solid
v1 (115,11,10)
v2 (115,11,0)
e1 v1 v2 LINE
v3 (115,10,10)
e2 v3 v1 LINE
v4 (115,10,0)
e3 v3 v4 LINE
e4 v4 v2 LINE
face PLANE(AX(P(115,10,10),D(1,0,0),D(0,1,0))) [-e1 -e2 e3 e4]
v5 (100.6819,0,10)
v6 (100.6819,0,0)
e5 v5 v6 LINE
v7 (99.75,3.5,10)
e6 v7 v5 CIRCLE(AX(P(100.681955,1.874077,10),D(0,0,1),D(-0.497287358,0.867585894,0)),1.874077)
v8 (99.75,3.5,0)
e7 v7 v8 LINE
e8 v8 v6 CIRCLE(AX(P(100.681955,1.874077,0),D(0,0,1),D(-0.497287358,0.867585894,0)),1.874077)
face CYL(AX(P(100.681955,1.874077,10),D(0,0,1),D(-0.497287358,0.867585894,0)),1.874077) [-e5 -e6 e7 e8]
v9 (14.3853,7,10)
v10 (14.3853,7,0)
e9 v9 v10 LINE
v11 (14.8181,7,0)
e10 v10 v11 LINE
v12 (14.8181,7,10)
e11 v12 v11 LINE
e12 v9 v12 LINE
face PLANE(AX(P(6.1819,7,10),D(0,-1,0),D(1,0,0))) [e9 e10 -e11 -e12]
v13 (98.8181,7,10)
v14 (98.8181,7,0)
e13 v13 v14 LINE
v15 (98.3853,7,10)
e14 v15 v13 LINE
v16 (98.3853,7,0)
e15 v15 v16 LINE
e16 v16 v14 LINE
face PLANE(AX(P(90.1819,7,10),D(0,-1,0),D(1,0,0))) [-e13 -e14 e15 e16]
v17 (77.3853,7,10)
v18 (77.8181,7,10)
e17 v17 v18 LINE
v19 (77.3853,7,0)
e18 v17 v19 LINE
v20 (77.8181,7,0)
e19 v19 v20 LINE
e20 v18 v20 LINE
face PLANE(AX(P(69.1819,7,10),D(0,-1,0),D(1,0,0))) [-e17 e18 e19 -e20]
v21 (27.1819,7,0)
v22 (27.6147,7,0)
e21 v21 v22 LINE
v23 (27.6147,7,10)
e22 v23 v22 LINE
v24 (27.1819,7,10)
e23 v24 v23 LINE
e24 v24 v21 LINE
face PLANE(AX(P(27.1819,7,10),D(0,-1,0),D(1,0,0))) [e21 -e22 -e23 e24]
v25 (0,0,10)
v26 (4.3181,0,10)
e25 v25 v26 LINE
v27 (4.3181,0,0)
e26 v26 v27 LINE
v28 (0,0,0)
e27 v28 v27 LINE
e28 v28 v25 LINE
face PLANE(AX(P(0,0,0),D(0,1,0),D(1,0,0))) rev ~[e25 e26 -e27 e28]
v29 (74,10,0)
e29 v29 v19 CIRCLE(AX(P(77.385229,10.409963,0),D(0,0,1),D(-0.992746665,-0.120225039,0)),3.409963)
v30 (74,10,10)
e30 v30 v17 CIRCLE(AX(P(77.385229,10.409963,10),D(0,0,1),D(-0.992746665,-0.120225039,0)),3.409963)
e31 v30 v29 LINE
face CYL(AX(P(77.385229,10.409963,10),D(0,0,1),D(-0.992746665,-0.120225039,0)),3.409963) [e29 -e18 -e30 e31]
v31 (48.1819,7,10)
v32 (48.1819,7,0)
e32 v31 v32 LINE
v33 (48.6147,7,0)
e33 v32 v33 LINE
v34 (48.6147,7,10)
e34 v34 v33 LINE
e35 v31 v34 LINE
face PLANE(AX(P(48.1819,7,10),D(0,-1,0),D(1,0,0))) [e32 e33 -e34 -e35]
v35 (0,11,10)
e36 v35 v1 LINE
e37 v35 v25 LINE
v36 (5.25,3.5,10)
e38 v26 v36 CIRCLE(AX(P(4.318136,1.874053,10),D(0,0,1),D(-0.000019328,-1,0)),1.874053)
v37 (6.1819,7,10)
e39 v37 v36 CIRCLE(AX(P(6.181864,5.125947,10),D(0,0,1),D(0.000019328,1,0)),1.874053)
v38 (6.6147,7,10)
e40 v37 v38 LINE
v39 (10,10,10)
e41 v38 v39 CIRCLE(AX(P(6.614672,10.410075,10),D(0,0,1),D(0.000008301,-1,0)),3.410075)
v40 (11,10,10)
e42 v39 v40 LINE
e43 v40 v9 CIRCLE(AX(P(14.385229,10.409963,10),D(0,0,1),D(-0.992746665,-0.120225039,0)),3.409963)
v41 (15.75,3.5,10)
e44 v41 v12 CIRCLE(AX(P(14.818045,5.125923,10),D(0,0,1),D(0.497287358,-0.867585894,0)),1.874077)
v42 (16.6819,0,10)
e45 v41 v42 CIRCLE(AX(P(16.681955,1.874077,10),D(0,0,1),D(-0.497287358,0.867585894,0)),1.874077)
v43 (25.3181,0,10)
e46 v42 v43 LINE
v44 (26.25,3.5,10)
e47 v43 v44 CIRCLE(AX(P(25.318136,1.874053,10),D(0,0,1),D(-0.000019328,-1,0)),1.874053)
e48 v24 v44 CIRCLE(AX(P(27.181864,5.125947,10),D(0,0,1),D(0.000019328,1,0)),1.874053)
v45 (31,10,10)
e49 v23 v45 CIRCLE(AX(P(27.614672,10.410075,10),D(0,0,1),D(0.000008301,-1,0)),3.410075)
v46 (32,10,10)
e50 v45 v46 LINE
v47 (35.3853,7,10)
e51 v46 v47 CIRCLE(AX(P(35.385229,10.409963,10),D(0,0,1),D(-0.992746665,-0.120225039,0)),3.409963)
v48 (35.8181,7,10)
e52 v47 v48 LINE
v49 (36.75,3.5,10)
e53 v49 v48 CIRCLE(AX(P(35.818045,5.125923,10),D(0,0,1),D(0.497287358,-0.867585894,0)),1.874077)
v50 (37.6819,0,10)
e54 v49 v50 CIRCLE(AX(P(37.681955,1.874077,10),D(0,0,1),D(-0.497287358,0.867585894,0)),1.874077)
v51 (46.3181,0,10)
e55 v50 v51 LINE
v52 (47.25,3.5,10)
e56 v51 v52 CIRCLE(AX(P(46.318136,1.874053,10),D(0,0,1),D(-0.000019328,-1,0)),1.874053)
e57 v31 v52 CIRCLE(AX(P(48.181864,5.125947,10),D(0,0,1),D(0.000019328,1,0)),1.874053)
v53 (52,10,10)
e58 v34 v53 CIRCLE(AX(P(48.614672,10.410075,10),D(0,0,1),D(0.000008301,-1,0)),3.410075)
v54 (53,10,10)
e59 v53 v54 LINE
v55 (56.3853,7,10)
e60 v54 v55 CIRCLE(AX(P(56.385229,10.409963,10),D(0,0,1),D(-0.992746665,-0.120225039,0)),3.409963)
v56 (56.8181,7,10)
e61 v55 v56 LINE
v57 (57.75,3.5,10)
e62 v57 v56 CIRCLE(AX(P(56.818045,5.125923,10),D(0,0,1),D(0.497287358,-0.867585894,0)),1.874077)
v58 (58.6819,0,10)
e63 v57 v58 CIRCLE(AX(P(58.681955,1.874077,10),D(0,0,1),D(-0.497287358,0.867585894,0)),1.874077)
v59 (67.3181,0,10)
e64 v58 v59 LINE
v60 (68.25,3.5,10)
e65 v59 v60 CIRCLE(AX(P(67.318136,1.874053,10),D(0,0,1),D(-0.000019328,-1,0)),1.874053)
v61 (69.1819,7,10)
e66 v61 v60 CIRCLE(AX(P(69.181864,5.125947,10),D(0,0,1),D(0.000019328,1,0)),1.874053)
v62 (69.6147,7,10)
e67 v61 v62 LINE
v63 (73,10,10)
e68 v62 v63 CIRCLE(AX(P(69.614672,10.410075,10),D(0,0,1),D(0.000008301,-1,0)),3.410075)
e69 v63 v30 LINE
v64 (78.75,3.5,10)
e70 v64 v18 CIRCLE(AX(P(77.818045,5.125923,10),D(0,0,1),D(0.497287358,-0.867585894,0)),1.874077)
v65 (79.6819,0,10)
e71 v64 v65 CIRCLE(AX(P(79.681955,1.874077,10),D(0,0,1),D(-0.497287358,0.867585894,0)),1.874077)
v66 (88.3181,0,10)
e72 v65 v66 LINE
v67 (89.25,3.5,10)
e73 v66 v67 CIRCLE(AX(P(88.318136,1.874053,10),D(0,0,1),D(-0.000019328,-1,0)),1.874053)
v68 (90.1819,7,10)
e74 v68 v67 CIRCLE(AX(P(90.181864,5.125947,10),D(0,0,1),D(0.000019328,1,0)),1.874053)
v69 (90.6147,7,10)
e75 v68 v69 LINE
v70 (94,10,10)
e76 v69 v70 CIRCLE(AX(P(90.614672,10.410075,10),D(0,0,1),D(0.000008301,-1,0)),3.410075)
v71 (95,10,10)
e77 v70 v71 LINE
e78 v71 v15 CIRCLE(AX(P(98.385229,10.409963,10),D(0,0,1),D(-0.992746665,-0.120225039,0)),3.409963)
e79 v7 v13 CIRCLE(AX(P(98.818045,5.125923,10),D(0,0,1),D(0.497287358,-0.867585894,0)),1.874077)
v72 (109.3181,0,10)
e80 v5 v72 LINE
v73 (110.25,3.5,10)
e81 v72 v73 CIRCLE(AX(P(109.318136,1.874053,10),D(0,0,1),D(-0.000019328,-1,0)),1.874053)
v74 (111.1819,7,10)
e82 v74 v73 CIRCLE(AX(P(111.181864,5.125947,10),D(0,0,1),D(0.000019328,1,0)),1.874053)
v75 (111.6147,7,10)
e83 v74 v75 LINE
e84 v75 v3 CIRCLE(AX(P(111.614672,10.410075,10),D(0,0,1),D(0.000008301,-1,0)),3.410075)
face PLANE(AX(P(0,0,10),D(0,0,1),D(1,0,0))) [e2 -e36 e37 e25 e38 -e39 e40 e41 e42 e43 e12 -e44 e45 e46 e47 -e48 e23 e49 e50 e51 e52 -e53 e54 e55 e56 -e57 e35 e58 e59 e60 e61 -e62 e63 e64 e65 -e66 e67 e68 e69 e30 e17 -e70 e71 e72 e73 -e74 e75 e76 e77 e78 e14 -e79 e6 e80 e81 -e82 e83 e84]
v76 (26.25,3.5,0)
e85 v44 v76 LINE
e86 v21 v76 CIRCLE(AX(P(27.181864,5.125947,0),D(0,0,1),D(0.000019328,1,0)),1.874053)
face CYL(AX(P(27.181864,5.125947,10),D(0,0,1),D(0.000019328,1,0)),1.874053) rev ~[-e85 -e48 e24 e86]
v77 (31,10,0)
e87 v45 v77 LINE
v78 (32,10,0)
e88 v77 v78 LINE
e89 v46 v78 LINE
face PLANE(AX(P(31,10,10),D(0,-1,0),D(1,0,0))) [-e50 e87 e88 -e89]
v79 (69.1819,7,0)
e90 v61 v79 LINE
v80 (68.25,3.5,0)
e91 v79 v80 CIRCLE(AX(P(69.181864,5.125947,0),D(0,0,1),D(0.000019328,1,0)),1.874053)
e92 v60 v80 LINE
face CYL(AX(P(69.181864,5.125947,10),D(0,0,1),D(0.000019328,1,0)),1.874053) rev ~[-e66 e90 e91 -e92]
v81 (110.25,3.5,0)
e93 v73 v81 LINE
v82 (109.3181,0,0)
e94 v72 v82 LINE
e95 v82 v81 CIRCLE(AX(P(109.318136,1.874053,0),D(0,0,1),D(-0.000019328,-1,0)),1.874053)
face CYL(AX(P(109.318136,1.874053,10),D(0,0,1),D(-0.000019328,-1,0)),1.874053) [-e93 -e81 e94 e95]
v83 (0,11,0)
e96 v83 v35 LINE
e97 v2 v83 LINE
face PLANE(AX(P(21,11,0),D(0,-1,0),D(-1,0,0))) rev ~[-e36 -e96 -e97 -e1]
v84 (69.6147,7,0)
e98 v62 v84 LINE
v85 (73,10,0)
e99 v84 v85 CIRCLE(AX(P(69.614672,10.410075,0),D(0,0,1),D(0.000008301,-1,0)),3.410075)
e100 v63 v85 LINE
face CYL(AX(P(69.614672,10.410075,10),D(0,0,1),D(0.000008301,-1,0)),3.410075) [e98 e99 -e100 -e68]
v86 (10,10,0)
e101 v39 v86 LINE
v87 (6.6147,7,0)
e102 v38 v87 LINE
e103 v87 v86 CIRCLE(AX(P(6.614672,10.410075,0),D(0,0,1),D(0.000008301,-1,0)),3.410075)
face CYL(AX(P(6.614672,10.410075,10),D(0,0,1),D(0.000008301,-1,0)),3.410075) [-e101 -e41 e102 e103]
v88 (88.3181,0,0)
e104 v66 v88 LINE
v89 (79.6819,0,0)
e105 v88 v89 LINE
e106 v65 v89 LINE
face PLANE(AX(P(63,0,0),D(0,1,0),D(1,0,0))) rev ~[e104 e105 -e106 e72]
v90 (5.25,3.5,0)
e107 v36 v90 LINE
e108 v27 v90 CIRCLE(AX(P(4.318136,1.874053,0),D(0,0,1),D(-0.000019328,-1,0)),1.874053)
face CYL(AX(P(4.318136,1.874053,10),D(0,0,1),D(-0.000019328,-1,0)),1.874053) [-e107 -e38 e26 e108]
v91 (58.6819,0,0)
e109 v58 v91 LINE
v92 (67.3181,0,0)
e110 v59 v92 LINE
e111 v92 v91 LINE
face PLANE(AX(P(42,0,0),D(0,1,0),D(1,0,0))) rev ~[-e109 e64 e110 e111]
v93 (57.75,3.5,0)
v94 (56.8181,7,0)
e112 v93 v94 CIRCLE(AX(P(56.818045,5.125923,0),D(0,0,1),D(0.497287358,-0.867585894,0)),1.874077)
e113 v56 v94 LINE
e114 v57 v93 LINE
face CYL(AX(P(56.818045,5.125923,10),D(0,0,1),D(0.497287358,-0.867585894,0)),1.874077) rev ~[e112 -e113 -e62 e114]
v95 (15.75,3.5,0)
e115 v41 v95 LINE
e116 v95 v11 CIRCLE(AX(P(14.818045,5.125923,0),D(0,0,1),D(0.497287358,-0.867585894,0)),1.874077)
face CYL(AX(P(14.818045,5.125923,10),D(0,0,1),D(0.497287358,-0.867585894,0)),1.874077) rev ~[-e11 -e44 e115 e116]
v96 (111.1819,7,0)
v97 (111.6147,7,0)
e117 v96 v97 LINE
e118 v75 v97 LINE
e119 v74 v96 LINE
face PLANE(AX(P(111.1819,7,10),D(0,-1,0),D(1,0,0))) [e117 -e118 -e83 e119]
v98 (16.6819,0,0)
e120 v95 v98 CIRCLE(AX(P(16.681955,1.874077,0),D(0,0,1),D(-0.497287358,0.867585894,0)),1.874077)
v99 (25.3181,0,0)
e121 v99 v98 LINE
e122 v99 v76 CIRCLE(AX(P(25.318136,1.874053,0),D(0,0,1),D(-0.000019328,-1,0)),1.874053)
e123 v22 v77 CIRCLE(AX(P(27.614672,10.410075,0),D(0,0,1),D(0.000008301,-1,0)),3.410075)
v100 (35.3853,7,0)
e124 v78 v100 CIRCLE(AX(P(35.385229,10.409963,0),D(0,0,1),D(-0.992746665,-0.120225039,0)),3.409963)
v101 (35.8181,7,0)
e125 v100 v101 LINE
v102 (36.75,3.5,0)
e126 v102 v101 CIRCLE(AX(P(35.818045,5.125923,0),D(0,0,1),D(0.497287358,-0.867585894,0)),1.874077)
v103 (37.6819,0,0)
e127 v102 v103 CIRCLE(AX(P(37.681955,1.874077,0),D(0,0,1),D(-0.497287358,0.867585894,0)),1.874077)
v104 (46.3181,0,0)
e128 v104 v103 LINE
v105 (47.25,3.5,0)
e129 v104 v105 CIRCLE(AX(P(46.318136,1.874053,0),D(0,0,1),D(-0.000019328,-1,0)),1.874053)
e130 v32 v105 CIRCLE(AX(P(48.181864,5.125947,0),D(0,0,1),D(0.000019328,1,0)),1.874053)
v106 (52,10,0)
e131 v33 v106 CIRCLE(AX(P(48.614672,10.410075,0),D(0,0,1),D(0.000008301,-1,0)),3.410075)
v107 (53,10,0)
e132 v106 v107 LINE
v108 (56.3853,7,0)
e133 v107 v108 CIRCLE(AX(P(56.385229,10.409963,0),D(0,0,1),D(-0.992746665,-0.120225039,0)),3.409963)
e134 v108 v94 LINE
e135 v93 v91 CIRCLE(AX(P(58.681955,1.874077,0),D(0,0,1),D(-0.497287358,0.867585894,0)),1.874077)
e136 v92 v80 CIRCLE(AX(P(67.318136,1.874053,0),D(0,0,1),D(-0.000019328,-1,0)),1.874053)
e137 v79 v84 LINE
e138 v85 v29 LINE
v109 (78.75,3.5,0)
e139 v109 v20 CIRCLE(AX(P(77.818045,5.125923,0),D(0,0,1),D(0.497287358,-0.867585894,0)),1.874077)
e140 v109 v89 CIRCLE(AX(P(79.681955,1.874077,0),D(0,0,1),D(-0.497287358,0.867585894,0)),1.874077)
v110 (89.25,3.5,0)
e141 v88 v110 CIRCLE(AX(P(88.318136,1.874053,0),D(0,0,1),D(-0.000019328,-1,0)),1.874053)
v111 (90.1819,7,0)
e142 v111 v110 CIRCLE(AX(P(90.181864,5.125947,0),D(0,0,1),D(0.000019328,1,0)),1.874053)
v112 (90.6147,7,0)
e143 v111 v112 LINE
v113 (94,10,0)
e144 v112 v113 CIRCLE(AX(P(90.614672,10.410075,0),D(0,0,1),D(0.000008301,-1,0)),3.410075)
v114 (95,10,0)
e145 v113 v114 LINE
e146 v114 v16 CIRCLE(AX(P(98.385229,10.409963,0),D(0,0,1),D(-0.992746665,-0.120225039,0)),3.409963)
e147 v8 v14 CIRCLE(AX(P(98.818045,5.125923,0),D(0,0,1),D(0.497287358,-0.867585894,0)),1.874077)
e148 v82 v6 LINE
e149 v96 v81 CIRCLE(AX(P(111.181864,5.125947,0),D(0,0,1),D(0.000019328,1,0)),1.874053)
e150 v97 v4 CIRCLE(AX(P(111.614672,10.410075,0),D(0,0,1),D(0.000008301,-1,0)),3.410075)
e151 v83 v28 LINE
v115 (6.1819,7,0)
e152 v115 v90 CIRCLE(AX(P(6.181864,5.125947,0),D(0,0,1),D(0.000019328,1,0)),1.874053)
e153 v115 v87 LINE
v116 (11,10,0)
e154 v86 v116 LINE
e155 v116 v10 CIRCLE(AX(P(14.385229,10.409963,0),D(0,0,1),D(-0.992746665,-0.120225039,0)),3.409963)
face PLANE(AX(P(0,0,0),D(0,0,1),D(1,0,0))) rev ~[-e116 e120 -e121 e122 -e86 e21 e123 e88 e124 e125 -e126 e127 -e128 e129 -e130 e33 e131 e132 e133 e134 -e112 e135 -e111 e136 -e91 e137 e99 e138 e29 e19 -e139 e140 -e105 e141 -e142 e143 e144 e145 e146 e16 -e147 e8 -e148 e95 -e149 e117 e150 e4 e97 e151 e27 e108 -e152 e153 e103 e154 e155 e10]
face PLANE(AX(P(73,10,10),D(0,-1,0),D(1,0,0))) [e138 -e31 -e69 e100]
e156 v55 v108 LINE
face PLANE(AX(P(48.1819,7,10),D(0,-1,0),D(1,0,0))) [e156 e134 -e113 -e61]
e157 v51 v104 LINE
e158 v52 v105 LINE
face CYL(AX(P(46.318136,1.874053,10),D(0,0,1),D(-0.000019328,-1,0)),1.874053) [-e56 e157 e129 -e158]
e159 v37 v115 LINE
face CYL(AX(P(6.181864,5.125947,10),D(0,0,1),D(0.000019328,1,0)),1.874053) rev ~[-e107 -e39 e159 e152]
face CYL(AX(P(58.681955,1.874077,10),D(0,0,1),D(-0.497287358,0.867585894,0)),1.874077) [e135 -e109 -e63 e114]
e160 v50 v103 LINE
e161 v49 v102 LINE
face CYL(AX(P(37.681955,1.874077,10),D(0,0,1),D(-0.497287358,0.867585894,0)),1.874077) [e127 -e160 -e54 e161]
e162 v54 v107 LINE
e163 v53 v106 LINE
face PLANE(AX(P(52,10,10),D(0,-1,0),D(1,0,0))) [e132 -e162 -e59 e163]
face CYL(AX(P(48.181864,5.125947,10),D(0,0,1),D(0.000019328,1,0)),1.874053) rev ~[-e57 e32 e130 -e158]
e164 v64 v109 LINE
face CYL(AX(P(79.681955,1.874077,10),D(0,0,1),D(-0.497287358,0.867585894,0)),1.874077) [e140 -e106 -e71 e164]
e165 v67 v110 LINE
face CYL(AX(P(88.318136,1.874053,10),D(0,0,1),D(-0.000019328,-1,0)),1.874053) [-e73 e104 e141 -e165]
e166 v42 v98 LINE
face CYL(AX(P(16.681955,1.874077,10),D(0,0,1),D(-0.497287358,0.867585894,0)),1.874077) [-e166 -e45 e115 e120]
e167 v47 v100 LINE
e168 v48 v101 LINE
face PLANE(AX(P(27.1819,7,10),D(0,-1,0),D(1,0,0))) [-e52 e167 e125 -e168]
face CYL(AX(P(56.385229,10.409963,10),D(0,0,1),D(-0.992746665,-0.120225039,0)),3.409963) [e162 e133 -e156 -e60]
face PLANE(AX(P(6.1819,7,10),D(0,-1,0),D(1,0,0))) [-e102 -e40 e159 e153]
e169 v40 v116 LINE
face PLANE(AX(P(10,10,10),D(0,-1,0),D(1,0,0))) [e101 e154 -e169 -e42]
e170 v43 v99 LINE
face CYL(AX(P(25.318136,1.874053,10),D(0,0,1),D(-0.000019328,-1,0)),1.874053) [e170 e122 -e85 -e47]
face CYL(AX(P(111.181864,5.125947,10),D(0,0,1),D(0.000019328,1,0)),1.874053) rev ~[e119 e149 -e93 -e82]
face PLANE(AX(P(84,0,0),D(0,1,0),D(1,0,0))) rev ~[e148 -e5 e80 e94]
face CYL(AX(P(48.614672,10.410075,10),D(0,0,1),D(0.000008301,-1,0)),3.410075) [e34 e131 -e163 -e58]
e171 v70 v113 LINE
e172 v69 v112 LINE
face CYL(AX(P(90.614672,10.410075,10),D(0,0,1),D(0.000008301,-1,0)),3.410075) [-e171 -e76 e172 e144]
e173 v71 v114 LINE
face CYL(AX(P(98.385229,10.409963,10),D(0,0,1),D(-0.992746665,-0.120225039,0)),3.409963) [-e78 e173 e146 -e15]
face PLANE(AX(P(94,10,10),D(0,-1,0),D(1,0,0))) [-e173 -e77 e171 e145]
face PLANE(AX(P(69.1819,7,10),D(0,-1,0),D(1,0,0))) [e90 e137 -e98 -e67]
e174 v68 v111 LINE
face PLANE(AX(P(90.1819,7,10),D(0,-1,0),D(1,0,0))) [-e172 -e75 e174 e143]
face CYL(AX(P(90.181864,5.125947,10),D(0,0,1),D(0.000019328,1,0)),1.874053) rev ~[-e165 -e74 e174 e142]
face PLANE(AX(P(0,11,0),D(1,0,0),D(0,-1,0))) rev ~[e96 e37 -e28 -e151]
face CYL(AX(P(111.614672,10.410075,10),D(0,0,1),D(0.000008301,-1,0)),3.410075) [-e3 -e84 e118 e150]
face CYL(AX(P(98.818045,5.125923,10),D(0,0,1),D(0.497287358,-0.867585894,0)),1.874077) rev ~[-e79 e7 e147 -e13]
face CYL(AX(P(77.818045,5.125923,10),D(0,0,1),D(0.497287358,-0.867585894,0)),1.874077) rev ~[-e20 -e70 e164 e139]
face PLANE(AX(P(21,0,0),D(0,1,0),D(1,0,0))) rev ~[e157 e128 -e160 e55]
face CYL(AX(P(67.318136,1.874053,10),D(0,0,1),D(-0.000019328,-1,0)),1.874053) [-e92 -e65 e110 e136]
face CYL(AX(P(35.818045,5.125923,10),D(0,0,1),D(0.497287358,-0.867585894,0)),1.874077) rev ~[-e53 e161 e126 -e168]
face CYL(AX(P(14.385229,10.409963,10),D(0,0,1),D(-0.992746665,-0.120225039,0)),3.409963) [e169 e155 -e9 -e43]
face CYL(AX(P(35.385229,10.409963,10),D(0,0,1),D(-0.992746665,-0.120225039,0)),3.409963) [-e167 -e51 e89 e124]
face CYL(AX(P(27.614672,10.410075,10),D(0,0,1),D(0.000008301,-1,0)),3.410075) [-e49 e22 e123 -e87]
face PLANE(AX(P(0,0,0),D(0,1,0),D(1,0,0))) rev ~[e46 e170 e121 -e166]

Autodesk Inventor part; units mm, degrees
ref_plane "YZ Plane" through (0, 0, 0) normal (1, 0, 0) x (0, 1, 0)
ref_plane "XZ Plane" through (0, 0, 0) normal (0, 1, 0) x (-1, 0, 0)
ref_plane "XY Plane" through (0, 0, 0) normal (0, 0, 1) x (1, 0, 0)
sketch "Sketch1" plane through (0, 0, 0) normal (0, 0, 1) x (1, 0, 0)
  line L0 (0, 0) -> (21, 0)
  line L1 (21, 0) -> (21, 11)
  line L2 (21, 11) -> (0, 11)
  line L3 (0, 11) -> (0, 0)
  dimension "d0" = 21
  dimension "d1" = 11
extrude "Extrusion1" add sketch "Sketch1" along normal blind 10
sketch "Sketch2" plane through (0, 0, 10) normal (0, 0, 1) x (1, 0, 0)
  line L0 (0, 0) -> (21, 0) projected
  arc A0 (4.3181, 0) -> (5.25, 3.5) centre (4.3181, 1.8741) ccw
  arc A1 (6.1819, 7) -> (5.25, 3.5) centre (6.1819, 5.1259) ccw
  arc A2 (15.75, 3.5) -> (16.6819, 0) centre (16.6819, 1.8741) ccw
  arc A3 (15.75, 3.5) -> (14.8181, 7) centre (14.8181, 5.1259) ccw
  line L1 (6.1819, 7) -> (14.8181, 7)
  line L2 (21, 11) -> (0, 11) projected
  line L3 (4.3181, 1.8741) -> (6.1819, 5.1259) construction
  line L4 (16.6819, 1.8741) -> (14.8181, 5.1259) construction
  line L5 (0, 11) -> (0, 0) construction
  line L6 (21, 0) -> (21, 11) construction
  point P0 (10.5, 7)
  point P1 (15.75, 3.5)
  dimension "d7" = 10.5
  dimension "d9" = 7
  dimension "d13" = 10.5
extrude "Extrusion2" cut sketch "Sketch2" against normal through all
sketch "Sketch3" plane through (0, 0, 10) normal (0, 0, 1) x (1, 0, 0)
  line L0 (21, 11) -> (0, 11) projected
  line L1 (14.8181, 7) -> (6.1819, 7) projected
  arc A0 (6.6147, 7) -> (10, 10) centre (6.6147, 10.41) ccw
  arc A1 (11, 10) -> (14.3853, 7) centre (14.3853, 10.41) ccw
  line L2 (10, 10) -> (11, 10)
  line L3 (6.1819, 7) -> (14.8181, 7) projected
  line L4 (10.5, 10) -> (10.5, 11) construction
  point P0 (0, 0)
  dimension "d15" = 1
  dimension "d16" = 1
extrude "Extrusion3" cut sketch "Sketch3" against normal through all
pattern_linear "Rectangular Pattern1" count 6 spacing 21 along (1, 0, 0)
sketch "Sketch4" plane through (0, 0, 10) normal (0, 0, 1) x (1, 0, 0)
  line L0 (115, 10) -> (116, 10) projected
  line L1 (115, 10) -> (115, 11)
  line L2 (126, 11) -> (0, 11) projected
  line L3 (121.6819, 0) -> (126, 0) projected
  line L4 (121.6819, 0) -> (126, 0)
  line L5 (126, 0) -> (126, 11)
  line L6 (126, 0) -> (126, 11) projected
  line L7 (126, 11) -> (115, 11)
  arc A0 (116, 10) -> (119.3853, 7) centre (119.3853, 10.41) ccw projected
  line L8 (115, 10) -> (116, 10)
  line L9 (119.3853, 7) -> (119.8181, 7) projected
  arc A1 (116, 10) -> (119.3853, 7) centre (119.3853, 10.41) ccw
  arc A2 (120.75, 3.5) -> (119.8181, 7) centre (119.8181, 5.1259) ccw projected
  line L10 (119.3853, 7) -> (119.8181, 7)
  arc A3 (120.75, 3.5) -> (119.8181, 7) centre (119.8181, 5.1259) ccw
  arc A4 (120.75, 3.5) -> (121.6819, 0) centre (121.6819, 1.8741) ccw projected
  arc A5 (120.75, 3.5) -> (121.6819, 0) centre (121.6819, 1.8741) ccw
  point P0 (0, 0)
extrude "Extrusion4" cut sketch "Sketch4" against normal through all
properties part number "Zipperteethv3"
